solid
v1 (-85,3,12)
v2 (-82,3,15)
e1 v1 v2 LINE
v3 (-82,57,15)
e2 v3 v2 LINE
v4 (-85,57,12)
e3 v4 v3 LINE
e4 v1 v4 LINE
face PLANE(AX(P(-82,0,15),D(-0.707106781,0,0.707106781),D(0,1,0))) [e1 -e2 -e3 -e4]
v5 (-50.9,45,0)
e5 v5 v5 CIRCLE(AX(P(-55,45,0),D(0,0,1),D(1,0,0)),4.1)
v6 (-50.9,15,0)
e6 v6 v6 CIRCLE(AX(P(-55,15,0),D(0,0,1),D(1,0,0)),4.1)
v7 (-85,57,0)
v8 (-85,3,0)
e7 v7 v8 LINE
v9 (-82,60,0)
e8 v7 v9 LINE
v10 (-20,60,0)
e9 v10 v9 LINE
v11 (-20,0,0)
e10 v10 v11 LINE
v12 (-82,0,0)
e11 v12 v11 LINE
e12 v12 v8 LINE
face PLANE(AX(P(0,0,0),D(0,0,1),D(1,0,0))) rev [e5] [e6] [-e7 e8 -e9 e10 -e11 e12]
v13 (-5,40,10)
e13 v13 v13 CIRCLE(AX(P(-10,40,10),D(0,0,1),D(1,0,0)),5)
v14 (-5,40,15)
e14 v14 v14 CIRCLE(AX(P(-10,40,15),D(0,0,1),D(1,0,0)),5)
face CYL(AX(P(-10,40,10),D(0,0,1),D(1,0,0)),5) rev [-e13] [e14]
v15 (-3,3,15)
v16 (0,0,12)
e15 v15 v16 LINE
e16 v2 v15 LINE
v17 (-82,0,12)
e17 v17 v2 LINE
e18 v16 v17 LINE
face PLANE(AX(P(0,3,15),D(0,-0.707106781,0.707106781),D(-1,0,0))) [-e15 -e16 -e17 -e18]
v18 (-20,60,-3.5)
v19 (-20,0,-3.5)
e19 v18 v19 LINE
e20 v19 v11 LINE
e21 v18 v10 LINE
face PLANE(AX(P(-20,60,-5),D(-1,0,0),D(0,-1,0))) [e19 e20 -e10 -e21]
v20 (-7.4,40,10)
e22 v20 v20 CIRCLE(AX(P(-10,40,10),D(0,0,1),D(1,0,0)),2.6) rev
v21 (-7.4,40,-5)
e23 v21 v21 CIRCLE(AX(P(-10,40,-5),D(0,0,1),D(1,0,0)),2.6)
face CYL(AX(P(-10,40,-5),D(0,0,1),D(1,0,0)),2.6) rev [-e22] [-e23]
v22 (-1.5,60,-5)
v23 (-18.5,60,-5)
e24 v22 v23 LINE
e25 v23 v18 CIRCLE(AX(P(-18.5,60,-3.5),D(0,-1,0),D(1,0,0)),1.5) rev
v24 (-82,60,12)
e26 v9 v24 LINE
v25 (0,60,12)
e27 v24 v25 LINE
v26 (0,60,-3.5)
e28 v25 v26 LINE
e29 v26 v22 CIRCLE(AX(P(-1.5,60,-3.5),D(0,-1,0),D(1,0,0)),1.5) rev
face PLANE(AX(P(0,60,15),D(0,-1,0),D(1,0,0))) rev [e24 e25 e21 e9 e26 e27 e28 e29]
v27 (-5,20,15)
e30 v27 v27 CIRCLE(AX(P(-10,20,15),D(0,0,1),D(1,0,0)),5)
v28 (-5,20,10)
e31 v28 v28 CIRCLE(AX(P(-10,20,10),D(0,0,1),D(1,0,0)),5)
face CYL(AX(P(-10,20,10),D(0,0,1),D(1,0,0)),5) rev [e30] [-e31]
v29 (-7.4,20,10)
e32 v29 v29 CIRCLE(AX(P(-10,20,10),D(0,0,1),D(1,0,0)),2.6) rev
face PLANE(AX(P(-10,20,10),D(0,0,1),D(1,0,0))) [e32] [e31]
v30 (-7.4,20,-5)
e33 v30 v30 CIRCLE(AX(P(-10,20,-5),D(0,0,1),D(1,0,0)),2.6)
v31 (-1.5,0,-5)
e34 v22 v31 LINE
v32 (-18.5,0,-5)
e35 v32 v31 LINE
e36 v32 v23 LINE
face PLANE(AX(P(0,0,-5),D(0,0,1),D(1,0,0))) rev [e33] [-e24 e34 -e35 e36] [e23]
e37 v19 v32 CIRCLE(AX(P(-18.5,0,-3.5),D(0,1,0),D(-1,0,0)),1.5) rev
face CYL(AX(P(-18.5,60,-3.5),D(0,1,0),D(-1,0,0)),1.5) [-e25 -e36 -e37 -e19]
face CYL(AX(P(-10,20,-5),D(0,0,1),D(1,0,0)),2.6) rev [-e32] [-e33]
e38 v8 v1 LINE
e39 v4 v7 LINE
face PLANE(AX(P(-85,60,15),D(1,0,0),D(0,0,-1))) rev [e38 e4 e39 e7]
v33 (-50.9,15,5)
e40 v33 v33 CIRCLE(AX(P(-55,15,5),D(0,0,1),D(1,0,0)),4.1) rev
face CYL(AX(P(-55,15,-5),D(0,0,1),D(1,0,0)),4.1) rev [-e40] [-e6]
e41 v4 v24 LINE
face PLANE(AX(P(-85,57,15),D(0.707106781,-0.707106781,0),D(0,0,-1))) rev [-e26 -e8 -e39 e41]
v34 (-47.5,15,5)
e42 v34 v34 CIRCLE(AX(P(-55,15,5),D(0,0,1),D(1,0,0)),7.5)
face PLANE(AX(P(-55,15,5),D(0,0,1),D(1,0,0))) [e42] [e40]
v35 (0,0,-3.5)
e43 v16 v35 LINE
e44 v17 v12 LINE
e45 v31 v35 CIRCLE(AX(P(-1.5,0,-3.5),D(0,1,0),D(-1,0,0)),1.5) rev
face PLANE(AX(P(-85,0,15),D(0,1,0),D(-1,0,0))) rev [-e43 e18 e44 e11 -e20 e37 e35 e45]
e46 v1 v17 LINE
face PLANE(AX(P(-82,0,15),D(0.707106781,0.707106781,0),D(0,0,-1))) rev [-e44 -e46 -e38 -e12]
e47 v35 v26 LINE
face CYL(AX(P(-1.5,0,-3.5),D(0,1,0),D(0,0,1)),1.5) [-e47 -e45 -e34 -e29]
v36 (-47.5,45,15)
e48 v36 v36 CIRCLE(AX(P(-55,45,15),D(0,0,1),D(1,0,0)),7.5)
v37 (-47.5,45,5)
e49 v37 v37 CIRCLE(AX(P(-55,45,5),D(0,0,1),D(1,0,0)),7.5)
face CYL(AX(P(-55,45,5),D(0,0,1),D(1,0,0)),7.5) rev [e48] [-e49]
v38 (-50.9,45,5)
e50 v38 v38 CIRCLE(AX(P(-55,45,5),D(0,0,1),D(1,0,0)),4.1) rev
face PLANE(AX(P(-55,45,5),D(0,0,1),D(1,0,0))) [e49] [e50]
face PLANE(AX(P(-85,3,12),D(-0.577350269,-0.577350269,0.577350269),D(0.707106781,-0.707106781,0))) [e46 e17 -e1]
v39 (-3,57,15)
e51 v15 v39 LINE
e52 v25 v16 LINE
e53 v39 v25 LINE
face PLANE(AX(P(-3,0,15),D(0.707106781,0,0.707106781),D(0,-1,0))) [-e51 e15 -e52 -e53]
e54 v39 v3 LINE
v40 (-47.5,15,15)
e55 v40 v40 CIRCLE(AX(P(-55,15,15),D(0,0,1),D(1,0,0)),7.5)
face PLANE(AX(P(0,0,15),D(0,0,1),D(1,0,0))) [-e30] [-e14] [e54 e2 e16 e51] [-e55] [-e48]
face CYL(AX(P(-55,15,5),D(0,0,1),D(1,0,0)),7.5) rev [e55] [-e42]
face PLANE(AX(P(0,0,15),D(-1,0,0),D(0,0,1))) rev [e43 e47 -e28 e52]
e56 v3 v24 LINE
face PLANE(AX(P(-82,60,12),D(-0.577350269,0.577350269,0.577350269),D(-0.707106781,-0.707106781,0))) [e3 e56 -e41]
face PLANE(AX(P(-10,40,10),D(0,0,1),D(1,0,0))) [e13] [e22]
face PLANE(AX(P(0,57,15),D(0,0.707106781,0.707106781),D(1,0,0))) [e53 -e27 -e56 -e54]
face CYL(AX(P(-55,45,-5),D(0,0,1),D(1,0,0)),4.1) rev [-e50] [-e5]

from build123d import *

# Parameters (mm, degrees)
SKETCH1_W               = 85
SKETCH1_H               = 60
BOSS_EXTRUDE1_DEPTH     = 15
SKETCH2_W               = 20
SKETCH2_H               = 60
BOSS_EXTRUDE2_DEPTH     = 5
CUT_EXTRUDE1_DEPTH      = 106.118980208
CUT_EXTRUDE1_DEPTH_BACK = 106.118980208
SKETCH3_R               = 2.6
CUT_EXTRUDE2_START      = 15
SKETCH4_R               = 5
CUT_EXTRUDE2_DEPTH      = 5
FILLET1_R               = 1.5
CUT_EXTRUDE3_DEPTH      = 106.118980208
CUT_EXTRUDE3_DEPTH_BACK = 106.118980208
SKETCH5_R               = 4.1
CUT_EXTRUDE4_START      = 15
SKETCH6_R               = 7.5
CUT_EXTRUDE4_DEPTH      = 10
CHAMFER1_SIZE           = 3


with BuildPart() as part:
    # Sketch1 → Boss-Extrude1 (new body)
    with BuildSketch(Plane.XY):
        with Locations((-42.5, 30)):
            Rectangle(SKETCH1_W, SKETCH1_H)
    extrude(amount=BOSS_EXTRUDE1_DEPTH)

    # Sketch2 → Boss-Extrude2 (add)
    with BuildSketch(Plane.XY):
        with Locations((-10, 30)):
            Rectangle(SKETCH2_W, SKETCH2_H)
    extrude(amount=-BOSS_EXTRUDE2_DEPTH)

    # Sketch3 → Cut-Extrude1 (cut, two sides: drawn at the far end of the back side and taken through both)
    with BuildSketch(Plane.XY.offset(-CUT_EXTRUDE1_DEPTH_BACK)):
        with Locations((-10, 40)):
            Circle(SKETCH3_R)
        with Locations((-10, 20)):
            Circle(SKETCH3_R)
    extrude(amount=CUT_EXTRUDE1_DEPTH + CUT_EXTRUDE1_DEPTH_BACK, mode=Mode.SUBTRACT)

    # Sketch4 → Cut-Extrude2 (cut)
    with BuildSketch(Plane.XY.offset(CUT_EXTRUDE2_START)):
        with Locations((-10, 40)):
            Circle(SKETCH4_R)
        with Locations((-10, 20)):
            Circle(SKETCH4_R)
    extrude(amount=-CUT_EXTRUDE2_DEPTH, mode=Mode.SUBTRACT)

    # Fillet1
    fillet1_edges = [part.edges().sort_by_distance(p)[0] for p in [
        (-20, 30, -5),
        (0, 30, -5),
    ]]
    fillet(fillet1_edges, radius=FILLET1_R)

    # Sketch5 → Cut-Extrude3 (cut, two sides: drawn at the far end of the back side and taken through both)
    with BuildSketch(Plane.XY.offset(-CUT_EXTRUDE3_DEPTH_BACK)):
        with Locations((-55, 45)):
            Circle(SKETCH5_R)
        with Locations((-55, 15)):
            Circle(SKETCH5_R)
    extrude(amount=CUT_EXTRUDE3_DEPTH + CUT_EXTRUDE3_DEPTH_BACK, mode=Mode.SUBTRACT)

    # Sketch6 → Cut-Extrude4 (cut)
    with BuildSketch(Plane.XY.offset(CUT_EXTRUDE4_START)):
        with Locations((-55, 45)):
            Circle(SKETCH6_R)
        with Locations((-55, 15)):
            Circle(SKETCH6_R)
    extrude(amount=-CUT_EXTRUDE4_DEPTH, mode=Mode.SUBTRACT)

    # Chamfer1
    chamfer1_edges = [part.edges().sort_by_distance(p)[0] for p in [
        (-42.5, 60, 15),
        (-85, 30, 15),
        (-42.5, 0, 15),
        (-85, 0, 7.5),
        (-85, 60, 7.5),
        (0, 30, 15),
    ]]
    chamfer(chamfer1_edges, length=CHAMFER1_SIZE)


solid = part.part
